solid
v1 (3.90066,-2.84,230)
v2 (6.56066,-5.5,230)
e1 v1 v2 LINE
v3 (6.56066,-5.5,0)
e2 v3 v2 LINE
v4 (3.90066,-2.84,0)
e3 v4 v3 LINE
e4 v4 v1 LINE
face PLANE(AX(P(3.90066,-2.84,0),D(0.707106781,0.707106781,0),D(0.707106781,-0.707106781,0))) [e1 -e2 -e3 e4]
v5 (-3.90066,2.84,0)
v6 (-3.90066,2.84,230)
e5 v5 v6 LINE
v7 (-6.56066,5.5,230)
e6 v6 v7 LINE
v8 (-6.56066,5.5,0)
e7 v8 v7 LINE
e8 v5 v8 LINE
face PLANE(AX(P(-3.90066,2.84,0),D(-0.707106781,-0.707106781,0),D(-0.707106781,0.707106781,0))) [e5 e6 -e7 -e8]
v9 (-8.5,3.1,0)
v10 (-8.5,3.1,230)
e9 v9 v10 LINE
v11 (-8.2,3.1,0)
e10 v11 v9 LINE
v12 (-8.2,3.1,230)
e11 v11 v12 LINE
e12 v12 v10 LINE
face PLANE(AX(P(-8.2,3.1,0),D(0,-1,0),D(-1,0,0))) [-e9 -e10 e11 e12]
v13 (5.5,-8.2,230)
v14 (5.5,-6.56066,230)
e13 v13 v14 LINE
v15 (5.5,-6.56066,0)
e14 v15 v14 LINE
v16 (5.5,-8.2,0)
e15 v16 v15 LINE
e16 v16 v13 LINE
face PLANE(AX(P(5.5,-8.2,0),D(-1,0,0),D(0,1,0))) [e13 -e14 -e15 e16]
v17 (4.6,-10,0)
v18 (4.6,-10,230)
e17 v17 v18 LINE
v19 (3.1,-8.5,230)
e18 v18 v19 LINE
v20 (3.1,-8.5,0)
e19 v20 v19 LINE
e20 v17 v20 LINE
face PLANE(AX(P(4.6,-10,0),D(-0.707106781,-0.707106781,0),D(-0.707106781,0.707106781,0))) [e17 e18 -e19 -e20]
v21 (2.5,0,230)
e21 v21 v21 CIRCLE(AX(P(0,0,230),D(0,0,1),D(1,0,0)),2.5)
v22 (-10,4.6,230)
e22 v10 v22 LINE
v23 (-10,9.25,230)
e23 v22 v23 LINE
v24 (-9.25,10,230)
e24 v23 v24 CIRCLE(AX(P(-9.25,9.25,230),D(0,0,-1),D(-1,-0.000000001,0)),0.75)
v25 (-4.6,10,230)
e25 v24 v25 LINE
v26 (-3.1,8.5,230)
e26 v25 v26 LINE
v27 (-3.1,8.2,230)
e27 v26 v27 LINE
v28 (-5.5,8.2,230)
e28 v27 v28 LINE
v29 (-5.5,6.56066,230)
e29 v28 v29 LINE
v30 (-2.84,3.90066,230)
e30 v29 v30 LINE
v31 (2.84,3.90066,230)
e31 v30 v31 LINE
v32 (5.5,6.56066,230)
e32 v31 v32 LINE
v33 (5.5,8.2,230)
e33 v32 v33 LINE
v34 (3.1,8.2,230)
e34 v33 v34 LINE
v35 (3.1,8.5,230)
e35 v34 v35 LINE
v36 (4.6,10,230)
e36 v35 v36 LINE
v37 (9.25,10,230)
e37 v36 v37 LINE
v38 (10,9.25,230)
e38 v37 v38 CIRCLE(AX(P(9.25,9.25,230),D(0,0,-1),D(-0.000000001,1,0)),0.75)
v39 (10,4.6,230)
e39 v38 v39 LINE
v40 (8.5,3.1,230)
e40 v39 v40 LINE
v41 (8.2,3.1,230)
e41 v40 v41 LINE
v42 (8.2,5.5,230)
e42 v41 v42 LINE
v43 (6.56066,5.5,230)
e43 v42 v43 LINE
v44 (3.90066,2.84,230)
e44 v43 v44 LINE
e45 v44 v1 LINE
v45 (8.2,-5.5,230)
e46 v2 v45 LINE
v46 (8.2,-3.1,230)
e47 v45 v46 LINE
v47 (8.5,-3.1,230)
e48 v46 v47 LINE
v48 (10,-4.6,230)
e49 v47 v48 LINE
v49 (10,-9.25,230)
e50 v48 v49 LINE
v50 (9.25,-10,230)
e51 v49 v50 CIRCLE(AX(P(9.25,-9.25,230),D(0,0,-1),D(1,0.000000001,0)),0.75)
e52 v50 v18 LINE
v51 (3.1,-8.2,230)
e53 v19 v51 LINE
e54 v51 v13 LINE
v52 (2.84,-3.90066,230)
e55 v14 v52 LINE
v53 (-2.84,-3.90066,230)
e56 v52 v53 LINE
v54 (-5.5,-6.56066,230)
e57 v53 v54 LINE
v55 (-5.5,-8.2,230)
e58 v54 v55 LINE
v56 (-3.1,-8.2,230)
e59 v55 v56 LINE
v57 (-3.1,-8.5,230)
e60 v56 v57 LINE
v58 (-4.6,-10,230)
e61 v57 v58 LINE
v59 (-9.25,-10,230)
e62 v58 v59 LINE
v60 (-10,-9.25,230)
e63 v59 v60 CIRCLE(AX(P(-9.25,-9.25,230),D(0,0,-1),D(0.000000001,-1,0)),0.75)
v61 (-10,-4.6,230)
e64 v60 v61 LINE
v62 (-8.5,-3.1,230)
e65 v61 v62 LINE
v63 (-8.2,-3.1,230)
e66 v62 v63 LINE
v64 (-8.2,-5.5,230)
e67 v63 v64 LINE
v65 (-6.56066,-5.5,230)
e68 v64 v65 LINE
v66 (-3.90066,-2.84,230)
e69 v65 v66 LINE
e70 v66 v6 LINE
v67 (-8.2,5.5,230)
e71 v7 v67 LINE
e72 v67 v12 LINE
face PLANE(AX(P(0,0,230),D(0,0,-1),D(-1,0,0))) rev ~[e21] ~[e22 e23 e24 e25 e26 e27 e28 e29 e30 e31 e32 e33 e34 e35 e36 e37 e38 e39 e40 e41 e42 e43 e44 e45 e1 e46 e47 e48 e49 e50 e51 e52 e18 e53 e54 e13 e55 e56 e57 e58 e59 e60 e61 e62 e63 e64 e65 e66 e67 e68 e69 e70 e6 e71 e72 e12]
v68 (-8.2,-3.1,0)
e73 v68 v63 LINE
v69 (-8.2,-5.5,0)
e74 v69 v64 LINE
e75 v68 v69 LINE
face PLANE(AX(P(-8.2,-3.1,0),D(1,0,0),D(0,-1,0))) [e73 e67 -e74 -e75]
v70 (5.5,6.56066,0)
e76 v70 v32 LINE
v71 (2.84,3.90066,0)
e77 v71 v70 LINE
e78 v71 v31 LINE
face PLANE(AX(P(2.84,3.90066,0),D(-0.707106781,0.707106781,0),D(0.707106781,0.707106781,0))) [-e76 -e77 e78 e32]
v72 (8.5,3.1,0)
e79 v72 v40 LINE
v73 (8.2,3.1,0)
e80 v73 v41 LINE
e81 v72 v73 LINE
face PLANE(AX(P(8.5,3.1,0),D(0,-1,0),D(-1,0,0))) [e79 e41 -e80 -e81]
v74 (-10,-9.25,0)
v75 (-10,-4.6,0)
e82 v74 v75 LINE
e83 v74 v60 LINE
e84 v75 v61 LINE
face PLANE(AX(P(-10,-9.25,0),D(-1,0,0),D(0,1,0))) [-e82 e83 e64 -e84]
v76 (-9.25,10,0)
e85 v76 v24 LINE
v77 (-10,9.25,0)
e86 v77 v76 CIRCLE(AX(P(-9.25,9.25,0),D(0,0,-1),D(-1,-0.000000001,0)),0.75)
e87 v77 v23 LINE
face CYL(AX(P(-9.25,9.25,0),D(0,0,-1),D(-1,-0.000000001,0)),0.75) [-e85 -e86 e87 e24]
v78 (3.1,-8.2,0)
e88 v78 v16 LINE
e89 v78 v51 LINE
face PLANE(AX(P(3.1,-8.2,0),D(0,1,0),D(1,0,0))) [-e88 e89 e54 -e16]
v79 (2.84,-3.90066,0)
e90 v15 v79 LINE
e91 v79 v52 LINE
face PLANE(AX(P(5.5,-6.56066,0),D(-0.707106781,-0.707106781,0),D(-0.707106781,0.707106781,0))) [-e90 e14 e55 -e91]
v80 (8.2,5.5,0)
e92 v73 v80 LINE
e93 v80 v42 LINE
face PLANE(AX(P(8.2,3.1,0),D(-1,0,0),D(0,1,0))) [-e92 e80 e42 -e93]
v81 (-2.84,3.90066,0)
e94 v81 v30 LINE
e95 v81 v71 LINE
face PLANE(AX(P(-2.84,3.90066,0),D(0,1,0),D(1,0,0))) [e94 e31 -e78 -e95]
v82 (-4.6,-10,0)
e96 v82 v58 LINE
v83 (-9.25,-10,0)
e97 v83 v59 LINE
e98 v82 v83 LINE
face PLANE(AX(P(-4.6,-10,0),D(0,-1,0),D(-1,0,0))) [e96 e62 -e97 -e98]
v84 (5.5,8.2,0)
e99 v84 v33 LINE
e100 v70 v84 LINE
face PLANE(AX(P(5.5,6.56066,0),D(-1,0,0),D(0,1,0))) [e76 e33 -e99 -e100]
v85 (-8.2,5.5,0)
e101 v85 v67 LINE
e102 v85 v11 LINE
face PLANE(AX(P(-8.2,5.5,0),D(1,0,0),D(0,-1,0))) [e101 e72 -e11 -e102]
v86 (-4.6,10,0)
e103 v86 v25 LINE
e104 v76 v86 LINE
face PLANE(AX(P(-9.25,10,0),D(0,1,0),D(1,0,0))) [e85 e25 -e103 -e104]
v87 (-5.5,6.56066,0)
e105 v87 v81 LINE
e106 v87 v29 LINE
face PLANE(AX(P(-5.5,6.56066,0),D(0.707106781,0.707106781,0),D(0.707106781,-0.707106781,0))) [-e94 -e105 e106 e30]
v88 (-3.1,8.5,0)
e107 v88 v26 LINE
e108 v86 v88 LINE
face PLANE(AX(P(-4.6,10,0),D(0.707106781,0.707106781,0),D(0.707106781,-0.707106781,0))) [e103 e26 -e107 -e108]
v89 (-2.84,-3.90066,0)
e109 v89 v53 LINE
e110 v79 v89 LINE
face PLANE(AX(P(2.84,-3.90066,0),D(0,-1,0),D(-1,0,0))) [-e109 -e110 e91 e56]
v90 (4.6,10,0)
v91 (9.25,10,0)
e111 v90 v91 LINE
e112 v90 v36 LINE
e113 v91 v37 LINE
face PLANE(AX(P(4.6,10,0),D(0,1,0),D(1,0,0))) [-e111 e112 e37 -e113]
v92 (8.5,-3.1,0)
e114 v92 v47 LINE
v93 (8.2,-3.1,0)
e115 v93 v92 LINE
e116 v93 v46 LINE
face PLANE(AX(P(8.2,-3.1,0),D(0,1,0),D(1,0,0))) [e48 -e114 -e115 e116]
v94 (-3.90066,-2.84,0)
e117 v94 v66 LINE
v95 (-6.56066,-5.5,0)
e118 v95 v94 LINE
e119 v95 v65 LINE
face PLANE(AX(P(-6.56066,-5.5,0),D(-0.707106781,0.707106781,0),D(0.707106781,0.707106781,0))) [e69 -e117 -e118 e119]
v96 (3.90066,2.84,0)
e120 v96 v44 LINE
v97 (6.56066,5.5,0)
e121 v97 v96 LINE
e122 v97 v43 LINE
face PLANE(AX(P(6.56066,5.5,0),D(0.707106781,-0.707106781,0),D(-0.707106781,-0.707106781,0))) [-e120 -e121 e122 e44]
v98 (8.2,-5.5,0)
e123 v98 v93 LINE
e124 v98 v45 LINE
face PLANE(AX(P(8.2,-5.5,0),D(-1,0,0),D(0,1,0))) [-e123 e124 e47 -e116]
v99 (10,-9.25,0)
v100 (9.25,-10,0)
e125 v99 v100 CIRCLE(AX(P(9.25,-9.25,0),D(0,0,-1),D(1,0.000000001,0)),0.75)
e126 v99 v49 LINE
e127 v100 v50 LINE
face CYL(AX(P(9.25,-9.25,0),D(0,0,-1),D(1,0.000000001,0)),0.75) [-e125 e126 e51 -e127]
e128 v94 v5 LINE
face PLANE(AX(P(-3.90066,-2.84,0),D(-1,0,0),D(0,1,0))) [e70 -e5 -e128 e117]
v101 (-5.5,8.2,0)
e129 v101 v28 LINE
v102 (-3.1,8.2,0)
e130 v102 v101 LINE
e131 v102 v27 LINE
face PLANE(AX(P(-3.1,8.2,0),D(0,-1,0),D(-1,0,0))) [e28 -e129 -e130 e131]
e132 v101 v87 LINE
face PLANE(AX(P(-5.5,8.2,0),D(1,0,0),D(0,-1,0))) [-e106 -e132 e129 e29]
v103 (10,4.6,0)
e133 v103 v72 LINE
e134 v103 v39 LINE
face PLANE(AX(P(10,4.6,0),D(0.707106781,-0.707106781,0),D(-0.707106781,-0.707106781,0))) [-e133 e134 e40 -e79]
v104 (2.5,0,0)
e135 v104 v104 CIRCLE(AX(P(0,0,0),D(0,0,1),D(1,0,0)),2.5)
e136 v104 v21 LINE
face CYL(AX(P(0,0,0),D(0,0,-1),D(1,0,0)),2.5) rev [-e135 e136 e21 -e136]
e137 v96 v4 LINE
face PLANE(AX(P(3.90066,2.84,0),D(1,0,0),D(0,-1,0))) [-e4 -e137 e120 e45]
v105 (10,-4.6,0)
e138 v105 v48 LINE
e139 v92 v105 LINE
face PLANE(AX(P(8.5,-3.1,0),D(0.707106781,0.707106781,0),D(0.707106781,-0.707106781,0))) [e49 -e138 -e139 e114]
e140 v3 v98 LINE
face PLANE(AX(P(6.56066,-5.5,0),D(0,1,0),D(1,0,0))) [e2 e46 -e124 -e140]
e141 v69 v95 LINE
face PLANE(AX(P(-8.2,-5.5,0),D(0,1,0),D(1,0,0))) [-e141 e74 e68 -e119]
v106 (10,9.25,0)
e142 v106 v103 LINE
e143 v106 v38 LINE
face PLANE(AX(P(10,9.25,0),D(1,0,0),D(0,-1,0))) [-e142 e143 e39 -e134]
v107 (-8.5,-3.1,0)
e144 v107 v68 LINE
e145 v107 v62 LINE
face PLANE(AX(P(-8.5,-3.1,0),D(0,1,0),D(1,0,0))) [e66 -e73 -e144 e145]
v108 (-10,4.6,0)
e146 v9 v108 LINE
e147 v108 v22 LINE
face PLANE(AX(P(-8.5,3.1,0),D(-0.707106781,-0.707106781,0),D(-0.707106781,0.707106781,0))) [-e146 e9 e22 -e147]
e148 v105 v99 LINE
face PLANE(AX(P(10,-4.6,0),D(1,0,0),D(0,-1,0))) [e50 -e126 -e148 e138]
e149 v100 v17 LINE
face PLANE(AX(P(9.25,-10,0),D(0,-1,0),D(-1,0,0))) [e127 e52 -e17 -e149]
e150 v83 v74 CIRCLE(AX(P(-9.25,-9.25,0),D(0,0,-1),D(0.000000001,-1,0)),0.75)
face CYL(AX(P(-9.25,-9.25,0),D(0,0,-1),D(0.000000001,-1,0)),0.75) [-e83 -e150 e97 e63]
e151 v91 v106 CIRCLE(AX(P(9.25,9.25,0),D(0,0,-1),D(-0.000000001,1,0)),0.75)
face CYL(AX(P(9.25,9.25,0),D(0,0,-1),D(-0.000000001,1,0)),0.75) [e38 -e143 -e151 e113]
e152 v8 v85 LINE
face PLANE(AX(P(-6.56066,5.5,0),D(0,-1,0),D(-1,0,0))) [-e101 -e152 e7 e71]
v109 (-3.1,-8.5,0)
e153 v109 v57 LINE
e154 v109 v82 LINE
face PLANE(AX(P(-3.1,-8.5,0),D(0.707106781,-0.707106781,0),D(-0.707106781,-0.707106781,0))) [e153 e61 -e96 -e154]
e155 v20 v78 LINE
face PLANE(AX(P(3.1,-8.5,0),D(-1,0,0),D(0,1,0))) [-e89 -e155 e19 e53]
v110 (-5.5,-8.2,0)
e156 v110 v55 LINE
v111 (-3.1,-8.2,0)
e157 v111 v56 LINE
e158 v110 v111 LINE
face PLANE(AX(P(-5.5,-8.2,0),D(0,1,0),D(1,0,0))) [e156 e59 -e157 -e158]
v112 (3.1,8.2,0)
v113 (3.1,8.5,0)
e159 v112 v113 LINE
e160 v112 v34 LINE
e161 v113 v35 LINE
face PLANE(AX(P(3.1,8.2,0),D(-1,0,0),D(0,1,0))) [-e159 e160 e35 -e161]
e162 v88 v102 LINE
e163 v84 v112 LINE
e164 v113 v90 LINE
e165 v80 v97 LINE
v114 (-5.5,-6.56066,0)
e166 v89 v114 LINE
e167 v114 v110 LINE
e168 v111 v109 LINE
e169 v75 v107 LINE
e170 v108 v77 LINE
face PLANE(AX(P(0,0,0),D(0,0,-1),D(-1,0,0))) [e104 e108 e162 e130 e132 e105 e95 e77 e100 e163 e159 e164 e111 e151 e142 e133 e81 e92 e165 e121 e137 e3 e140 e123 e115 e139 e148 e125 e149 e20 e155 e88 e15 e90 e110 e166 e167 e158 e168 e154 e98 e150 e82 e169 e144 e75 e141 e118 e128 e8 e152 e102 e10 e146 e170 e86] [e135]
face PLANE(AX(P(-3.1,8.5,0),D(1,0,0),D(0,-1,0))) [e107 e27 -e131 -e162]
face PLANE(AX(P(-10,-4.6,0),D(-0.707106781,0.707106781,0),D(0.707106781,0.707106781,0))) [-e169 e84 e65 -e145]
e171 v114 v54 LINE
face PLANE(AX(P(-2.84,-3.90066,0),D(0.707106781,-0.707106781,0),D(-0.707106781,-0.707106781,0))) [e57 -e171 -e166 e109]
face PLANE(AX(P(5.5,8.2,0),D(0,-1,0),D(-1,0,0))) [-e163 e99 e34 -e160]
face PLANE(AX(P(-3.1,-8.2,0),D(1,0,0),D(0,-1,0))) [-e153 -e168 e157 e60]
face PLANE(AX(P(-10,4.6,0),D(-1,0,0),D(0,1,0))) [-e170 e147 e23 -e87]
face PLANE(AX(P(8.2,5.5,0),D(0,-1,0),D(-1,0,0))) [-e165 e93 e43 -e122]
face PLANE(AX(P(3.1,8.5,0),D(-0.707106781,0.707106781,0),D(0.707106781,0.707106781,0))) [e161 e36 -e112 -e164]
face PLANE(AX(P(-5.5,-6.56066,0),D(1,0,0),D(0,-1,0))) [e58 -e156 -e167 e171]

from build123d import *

# Parameters (mm, degrees)
CROQUIS1_R              = 2.5
SALIENTE_EXTRUIR1_DEPTH = 230


with BuildPart() as part:
    # Croquis1 → Saliente-Extruir1 (new body)
    with BuildSketch(Plane.XY):
        with BuildLine():
            Line((-4.6, 10), (-3.1, 8.5))
            Line((-3.1, 8.5), (-3.1, 8.2))
            Line((-3.1, 8.2), (-5.5, 8.2))
            Line((-5.5, 8.2), (-5.5, 6.560660172))
            Line((-5.5, 6.560660172), (-2.84, 3.900660172))
            Line((-2.84, 3.900660172), (0, 3.900660172))
            Line((0, 3.900660172), (2.84, 3.900660172))
            Line((2.84, 3.900660172), (5.5, 6.560660172))
            Line((5.5, 6.560660172), (5.5, 8.2))
            Line((5.5, 8.2), (3.1, 8.2))
            Line((3.1, 8.2), (3.1, 8.5))
            Line((3.1, 8.5), (4.6, 10))
            Line((4.6, 10), (9.25, 10))
            ThreePointArc((9.25, 10), (9.780330086, 9.780330086), (10, 9.25))
            Line((10, 9.25), (10, 4.6))
            Line((10, 4.6), (8.5, 3.1))
            Line((8.5, 3.1), (8.2, 3.1))
            Line((8.2, 3.1), (8.2, 5.5))
            Line((8.2, 5.5), (6.560660172, 5.5))
            Line((6.560660172, 5.5), (3.900660172, 2.84))
            Line((3.900660172, 2.84), (3.900660172, 0))
            Line((3.900660172, 0), (3.900660172, -2.84))
            Line((3.900660172, -2.84), (6.560660172, -5.5))
            Line((6.560660172, -5.5), (8.2, -5.5))
            Line((8.2, -5.5), (8.2, -3.1))
            Line((8.2, -3.1), (8.5, -3.1))
            Line((8.5, -3.1), (10, -4.6))
            Line((10, -4.6), (10, -9.25))
            ThreePointArc((10, -9.25), (9.780330086, -9.780330086), (9.25, -10))
            Line((9.25, -10), (4.6, -10))
            Line((4.6, -10), (3.1, -8.5))
            Line((3.1, -8.5), (3.1, -8.2))
            Line((3.1, -8.2), (5.5, -8.2))
            Line((5.5, -8.2), (5.5, -6.560660172))
            Line((5.5, -6.560660172), (2.84, -3.900660172))
            Line((2.84, -3.900660172), (0, -3.900660172))
            Line((0, -3.900660172), (-2.84, -3.900660172))
            Line((-2.84, -3.900660172), (-5.5, -6.560660172))
            Line((-5.5, -6.560660172), (-5.5, -8.2))
            Line((-5.5, -8.2), (-3.1, -8.2))
            Line((-3.1, -8.2), (-3.1, -8.5))
            Line((-3.1, -8.5), (-4.6, -10))
            Line((-4.6, -10), (-9.25, -10))
            ThreePointArc((-9.25, -10), (-9.780330086, -9.780330086), (-10, -9.25))
            Line((-10, -9.25), (-10, -4.6))
            Line((-10, -4.6), (-8.5, -3.1))
            Line((-8.5, -3.1), (-8.2, -3.1))
            Line((-8.2, -3.1), (-8.2, -5.5))
            Line((-8.2, -5.5), (-6.560660172, -5.5))
            Line((-6.560660172, -5.5), (-3.900660172, -2.84))
            Line((-3.900660172, -2.84), (-3.900660172, 0))
            Line((-3.900660172, 0), (-3.900660172, 2.84))
            Line((-3.900660172, 2.84), (-6.560660172, 5.5))
            Line((-6.560660172, 5.5), (-8.2, 5.5))
            Line((-8.2, 5.5), (-8.2, 3.1))
            Line((-8.2, 3.1), (-8.5, 3.1))
            Line((-8.5, 3.1), (-10, 4.6))
            Line((-10, 4.6), (-10, 9.25))
            ThreePointArc((-10, 9.25), (-9.780330086, 9.780330086), (-9.25, 10))
            Line((-9.25, 10), (-4.6, 10))
        make_face()
        Circle(CROQUIS1_R, mode=Mode.SUBTRACT)
    extrude(amount=SALIENTE_EXTRUIR1_DEPTH)


solid = part.part
